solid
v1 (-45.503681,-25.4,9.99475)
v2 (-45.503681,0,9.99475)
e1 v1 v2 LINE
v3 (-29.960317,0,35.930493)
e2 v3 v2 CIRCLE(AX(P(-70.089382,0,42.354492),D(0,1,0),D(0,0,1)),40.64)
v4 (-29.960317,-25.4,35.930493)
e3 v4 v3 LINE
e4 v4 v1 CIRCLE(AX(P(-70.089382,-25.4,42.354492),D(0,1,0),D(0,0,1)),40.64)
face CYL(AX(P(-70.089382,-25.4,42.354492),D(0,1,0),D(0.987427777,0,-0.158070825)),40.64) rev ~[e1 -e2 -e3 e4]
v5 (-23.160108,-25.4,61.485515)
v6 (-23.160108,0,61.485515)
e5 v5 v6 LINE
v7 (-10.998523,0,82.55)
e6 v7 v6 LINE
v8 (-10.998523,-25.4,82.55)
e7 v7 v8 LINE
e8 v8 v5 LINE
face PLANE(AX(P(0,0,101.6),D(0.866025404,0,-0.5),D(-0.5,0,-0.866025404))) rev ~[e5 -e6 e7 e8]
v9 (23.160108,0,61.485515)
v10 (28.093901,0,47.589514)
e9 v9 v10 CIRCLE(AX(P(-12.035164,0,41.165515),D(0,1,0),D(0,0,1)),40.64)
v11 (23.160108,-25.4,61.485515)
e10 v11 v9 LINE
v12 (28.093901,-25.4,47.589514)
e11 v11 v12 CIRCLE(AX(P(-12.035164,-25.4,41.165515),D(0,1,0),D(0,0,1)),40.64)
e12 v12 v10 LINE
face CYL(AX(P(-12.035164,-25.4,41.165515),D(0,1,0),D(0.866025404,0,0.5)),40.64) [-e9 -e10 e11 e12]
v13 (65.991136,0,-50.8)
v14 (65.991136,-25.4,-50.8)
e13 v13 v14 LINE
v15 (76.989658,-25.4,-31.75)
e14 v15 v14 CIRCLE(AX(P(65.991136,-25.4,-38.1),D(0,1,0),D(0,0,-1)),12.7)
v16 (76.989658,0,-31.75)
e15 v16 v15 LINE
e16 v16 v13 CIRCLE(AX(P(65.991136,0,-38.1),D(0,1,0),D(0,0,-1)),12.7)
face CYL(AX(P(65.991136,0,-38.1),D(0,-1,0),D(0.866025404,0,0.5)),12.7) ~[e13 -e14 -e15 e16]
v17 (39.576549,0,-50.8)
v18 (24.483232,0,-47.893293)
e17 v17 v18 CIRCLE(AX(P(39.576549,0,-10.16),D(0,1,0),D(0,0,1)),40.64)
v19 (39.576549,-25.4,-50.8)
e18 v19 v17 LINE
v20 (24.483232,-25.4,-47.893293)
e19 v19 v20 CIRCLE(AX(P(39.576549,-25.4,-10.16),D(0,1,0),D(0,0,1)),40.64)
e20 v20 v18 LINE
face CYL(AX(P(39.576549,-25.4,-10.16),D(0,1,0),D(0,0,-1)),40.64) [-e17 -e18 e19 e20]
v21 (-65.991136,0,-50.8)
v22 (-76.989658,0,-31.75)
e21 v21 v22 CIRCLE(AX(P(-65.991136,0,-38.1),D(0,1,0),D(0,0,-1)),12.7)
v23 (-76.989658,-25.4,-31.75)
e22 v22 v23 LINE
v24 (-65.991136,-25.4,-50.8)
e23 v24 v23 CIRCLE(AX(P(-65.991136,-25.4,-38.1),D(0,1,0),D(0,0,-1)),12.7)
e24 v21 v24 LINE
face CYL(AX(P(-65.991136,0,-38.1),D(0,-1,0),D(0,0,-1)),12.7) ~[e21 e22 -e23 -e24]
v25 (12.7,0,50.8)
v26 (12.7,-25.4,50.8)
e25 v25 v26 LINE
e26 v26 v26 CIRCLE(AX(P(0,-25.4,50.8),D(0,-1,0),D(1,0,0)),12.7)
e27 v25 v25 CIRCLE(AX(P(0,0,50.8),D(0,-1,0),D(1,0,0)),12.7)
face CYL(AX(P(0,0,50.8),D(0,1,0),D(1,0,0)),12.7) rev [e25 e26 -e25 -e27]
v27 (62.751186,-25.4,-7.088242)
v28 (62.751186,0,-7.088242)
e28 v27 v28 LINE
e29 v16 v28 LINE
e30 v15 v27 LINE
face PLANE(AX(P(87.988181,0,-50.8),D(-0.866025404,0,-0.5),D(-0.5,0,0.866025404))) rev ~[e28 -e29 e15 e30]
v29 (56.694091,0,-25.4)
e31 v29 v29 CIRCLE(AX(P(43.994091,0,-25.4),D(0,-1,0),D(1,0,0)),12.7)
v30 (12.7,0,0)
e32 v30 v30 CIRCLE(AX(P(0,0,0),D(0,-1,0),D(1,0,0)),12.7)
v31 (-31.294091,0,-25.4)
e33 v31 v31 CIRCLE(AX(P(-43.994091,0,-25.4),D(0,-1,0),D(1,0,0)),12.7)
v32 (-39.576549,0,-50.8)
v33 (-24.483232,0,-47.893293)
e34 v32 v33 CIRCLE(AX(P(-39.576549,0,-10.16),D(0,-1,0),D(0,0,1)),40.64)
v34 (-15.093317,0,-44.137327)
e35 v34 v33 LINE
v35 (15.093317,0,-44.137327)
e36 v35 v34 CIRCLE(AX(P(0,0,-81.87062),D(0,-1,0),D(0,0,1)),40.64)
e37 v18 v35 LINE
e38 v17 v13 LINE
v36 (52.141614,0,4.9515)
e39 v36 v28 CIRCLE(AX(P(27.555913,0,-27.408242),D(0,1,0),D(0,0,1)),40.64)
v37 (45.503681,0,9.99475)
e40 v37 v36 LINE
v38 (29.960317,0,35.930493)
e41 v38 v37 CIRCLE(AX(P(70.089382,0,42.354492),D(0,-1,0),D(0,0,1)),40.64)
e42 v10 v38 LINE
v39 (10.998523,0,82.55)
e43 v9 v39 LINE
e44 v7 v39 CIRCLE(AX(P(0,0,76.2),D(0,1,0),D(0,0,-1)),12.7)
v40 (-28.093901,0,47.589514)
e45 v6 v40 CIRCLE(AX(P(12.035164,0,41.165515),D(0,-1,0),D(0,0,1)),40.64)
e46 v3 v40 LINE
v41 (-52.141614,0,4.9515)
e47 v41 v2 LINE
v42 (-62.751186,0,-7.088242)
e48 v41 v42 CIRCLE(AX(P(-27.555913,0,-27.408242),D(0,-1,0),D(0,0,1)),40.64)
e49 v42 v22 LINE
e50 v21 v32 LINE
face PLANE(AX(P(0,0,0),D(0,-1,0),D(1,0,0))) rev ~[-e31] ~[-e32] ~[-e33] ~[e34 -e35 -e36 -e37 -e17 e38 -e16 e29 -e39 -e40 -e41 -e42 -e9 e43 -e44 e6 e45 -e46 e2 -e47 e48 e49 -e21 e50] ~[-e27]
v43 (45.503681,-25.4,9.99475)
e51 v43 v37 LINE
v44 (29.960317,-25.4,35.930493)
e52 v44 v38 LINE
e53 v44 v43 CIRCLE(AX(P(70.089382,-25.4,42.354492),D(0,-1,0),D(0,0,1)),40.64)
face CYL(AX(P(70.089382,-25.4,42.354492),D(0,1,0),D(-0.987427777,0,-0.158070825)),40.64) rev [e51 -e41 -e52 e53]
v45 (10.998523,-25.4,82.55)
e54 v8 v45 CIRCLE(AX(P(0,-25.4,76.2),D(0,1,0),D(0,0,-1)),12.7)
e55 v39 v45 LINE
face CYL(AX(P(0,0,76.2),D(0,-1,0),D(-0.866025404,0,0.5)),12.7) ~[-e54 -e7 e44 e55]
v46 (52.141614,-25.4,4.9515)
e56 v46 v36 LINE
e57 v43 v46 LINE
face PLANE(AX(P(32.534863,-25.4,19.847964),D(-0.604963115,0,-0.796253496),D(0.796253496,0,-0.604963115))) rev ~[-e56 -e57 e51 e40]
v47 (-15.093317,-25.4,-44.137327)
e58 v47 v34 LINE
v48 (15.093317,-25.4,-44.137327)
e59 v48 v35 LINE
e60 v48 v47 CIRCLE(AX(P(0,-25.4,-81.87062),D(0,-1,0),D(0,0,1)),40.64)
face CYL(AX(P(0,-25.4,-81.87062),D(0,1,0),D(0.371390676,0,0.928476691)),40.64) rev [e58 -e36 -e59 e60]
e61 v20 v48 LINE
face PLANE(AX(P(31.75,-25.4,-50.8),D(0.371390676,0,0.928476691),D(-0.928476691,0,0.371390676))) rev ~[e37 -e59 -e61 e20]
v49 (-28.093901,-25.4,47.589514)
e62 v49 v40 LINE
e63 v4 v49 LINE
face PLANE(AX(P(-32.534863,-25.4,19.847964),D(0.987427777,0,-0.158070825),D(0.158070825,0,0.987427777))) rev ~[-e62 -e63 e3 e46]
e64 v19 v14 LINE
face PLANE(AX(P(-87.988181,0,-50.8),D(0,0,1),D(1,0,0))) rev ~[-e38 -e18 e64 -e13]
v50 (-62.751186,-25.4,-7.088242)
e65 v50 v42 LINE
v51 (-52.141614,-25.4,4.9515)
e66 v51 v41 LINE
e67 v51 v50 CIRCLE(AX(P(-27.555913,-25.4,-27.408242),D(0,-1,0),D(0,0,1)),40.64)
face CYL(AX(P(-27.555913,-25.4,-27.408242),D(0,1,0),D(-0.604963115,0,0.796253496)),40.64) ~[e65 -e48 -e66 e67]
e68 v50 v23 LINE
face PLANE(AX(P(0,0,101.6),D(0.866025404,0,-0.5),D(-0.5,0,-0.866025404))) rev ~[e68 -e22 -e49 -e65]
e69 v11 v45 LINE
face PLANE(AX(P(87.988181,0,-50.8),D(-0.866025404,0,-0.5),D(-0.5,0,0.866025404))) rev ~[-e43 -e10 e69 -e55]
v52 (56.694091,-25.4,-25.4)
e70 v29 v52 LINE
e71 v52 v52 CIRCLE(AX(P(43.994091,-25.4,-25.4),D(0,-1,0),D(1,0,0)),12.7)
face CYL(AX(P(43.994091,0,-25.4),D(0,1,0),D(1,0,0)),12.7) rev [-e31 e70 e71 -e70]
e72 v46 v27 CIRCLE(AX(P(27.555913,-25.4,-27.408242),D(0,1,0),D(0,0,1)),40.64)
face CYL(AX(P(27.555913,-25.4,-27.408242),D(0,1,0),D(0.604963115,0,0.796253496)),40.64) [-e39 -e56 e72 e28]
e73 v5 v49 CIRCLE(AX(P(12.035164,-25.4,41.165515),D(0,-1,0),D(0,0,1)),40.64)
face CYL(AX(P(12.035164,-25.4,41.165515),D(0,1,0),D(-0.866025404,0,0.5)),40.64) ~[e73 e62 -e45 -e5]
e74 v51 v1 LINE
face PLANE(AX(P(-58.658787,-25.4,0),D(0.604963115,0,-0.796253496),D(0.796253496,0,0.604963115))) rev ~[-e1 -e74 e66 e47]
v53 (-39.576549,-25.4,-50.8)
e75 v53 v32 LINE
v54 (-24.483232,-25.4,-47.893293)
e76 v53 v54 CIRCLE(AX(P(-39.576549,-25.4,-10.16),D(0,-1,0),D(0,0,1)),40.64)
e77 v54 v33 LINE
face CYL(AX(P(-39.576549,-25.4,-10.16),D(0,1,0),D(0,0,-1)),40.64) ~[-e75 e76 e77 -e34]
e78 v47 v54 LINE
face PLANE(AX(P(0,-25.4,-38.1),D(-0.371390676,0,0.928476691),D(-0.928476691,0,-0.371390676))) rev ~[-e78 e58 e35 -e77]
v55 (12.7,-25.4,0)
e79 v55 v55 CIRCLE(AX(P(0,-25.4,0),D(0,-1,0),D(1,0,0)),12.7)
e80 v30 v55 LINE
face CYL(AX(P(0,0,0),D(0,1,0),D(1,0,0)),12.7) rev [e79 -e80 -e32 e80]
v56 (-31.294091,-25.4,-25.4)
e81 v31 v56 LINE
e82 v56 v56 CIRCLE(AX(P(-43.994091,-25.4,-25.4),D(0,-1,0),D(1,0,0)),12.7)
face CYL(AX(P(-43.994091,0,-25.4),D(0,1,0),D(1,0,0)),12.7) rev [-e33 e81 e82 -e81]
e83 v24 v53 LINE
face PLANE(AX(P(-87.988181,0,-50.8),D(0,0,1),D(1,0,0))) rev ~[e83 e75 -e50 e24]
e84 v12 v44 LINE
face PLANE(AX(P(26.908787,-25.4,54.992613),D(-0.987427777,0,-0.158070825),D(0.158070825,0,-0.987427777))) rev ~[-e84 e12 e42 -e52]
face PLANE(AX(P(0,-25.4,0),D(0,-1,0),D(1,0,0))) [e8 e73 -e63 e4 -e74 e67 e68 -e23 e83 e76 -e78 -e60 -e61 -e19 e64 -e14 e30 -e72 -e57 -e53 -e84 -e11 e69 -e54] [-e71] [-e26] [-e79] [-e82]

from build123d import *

# Parameters (mm, degrees)
F0_R     = 12.7
F1_DEPTH = 25.4
F3_DEPTH = 25.4
F4_R     = 12.7
F5_R     = 40.64


with BuildPart() as f1:
    # F0 (on Front) → F1 (new body)
    with BuildSketch(Plane.XZ):
        Polygon((0, 101.6), (-87.9881810245, -50.8), (87.9881810245, -50.8), align=None)
        with Locations((-43.9940905122, -25.4)):
            Circle(F0_R, mode=Mode.SUBTRACT)
        Circle(F0_R, mode=Mode.SUBTRACT)
        with Locations((43.9940905122, -25.4)):
            Circle(F0_R, mode=Mode.SUBTRACT)
        with Locations((0, 50.8)):
            Circle(F0_R, mode=Mode.SUBTRACT)
    extrude(amount=F1_DEPTH)

    # F2 (on face) → F3 (cut)
    with BuildSketch(Plane.XZ.offset(25.4)):
        Polygon((-32.5348633552, 19.8479636515), (-26.9087873497, 54.9926131403), (-58.6587873497, 0), align=None)
        Polygon((58.6587873497, 0), (26.9087873497, 54.9926131403), (32.5348633552, 19.8479636515), align=None)
        Polygon((0, -38.1), (-31.75, -50.8), (31.75, -50.8), align=None)
    extrude(amount=-F3_DEPTH, mode=Mode.SUBTRACT)

    # F4
    f4_edges = [f1.edges().sort_by_distance(p)[0] for p in [
        (0, -12.7, 101.6),
        (-87.988181, -12.7, -50.8),
        (87.988181, -12.7, -50.8),
    ]]
    fillet(f4_edges, radius=F4_R)

    # F5
    f5_edges = [f1.edges().sort_by_distance(p)[0] for p in [
        (-26.908787, -12.7, 54.992613),
        (-32.534863, -12.7, 19.847964),
        (-58.658787, -12.7, 0),
        (26.908787, -12.7, 54.992613),
        (32.534863, -12.7, 19.847964),
        (58.658787, -12.7, 0),
        (31.75, -12.7, -50.8),
        (0, -12.7, -38.1),
        (-31.75, -12.7, -50.8),
    ]]
    fillet(f5_edges, radius=F5_R)


solid = f1.part
